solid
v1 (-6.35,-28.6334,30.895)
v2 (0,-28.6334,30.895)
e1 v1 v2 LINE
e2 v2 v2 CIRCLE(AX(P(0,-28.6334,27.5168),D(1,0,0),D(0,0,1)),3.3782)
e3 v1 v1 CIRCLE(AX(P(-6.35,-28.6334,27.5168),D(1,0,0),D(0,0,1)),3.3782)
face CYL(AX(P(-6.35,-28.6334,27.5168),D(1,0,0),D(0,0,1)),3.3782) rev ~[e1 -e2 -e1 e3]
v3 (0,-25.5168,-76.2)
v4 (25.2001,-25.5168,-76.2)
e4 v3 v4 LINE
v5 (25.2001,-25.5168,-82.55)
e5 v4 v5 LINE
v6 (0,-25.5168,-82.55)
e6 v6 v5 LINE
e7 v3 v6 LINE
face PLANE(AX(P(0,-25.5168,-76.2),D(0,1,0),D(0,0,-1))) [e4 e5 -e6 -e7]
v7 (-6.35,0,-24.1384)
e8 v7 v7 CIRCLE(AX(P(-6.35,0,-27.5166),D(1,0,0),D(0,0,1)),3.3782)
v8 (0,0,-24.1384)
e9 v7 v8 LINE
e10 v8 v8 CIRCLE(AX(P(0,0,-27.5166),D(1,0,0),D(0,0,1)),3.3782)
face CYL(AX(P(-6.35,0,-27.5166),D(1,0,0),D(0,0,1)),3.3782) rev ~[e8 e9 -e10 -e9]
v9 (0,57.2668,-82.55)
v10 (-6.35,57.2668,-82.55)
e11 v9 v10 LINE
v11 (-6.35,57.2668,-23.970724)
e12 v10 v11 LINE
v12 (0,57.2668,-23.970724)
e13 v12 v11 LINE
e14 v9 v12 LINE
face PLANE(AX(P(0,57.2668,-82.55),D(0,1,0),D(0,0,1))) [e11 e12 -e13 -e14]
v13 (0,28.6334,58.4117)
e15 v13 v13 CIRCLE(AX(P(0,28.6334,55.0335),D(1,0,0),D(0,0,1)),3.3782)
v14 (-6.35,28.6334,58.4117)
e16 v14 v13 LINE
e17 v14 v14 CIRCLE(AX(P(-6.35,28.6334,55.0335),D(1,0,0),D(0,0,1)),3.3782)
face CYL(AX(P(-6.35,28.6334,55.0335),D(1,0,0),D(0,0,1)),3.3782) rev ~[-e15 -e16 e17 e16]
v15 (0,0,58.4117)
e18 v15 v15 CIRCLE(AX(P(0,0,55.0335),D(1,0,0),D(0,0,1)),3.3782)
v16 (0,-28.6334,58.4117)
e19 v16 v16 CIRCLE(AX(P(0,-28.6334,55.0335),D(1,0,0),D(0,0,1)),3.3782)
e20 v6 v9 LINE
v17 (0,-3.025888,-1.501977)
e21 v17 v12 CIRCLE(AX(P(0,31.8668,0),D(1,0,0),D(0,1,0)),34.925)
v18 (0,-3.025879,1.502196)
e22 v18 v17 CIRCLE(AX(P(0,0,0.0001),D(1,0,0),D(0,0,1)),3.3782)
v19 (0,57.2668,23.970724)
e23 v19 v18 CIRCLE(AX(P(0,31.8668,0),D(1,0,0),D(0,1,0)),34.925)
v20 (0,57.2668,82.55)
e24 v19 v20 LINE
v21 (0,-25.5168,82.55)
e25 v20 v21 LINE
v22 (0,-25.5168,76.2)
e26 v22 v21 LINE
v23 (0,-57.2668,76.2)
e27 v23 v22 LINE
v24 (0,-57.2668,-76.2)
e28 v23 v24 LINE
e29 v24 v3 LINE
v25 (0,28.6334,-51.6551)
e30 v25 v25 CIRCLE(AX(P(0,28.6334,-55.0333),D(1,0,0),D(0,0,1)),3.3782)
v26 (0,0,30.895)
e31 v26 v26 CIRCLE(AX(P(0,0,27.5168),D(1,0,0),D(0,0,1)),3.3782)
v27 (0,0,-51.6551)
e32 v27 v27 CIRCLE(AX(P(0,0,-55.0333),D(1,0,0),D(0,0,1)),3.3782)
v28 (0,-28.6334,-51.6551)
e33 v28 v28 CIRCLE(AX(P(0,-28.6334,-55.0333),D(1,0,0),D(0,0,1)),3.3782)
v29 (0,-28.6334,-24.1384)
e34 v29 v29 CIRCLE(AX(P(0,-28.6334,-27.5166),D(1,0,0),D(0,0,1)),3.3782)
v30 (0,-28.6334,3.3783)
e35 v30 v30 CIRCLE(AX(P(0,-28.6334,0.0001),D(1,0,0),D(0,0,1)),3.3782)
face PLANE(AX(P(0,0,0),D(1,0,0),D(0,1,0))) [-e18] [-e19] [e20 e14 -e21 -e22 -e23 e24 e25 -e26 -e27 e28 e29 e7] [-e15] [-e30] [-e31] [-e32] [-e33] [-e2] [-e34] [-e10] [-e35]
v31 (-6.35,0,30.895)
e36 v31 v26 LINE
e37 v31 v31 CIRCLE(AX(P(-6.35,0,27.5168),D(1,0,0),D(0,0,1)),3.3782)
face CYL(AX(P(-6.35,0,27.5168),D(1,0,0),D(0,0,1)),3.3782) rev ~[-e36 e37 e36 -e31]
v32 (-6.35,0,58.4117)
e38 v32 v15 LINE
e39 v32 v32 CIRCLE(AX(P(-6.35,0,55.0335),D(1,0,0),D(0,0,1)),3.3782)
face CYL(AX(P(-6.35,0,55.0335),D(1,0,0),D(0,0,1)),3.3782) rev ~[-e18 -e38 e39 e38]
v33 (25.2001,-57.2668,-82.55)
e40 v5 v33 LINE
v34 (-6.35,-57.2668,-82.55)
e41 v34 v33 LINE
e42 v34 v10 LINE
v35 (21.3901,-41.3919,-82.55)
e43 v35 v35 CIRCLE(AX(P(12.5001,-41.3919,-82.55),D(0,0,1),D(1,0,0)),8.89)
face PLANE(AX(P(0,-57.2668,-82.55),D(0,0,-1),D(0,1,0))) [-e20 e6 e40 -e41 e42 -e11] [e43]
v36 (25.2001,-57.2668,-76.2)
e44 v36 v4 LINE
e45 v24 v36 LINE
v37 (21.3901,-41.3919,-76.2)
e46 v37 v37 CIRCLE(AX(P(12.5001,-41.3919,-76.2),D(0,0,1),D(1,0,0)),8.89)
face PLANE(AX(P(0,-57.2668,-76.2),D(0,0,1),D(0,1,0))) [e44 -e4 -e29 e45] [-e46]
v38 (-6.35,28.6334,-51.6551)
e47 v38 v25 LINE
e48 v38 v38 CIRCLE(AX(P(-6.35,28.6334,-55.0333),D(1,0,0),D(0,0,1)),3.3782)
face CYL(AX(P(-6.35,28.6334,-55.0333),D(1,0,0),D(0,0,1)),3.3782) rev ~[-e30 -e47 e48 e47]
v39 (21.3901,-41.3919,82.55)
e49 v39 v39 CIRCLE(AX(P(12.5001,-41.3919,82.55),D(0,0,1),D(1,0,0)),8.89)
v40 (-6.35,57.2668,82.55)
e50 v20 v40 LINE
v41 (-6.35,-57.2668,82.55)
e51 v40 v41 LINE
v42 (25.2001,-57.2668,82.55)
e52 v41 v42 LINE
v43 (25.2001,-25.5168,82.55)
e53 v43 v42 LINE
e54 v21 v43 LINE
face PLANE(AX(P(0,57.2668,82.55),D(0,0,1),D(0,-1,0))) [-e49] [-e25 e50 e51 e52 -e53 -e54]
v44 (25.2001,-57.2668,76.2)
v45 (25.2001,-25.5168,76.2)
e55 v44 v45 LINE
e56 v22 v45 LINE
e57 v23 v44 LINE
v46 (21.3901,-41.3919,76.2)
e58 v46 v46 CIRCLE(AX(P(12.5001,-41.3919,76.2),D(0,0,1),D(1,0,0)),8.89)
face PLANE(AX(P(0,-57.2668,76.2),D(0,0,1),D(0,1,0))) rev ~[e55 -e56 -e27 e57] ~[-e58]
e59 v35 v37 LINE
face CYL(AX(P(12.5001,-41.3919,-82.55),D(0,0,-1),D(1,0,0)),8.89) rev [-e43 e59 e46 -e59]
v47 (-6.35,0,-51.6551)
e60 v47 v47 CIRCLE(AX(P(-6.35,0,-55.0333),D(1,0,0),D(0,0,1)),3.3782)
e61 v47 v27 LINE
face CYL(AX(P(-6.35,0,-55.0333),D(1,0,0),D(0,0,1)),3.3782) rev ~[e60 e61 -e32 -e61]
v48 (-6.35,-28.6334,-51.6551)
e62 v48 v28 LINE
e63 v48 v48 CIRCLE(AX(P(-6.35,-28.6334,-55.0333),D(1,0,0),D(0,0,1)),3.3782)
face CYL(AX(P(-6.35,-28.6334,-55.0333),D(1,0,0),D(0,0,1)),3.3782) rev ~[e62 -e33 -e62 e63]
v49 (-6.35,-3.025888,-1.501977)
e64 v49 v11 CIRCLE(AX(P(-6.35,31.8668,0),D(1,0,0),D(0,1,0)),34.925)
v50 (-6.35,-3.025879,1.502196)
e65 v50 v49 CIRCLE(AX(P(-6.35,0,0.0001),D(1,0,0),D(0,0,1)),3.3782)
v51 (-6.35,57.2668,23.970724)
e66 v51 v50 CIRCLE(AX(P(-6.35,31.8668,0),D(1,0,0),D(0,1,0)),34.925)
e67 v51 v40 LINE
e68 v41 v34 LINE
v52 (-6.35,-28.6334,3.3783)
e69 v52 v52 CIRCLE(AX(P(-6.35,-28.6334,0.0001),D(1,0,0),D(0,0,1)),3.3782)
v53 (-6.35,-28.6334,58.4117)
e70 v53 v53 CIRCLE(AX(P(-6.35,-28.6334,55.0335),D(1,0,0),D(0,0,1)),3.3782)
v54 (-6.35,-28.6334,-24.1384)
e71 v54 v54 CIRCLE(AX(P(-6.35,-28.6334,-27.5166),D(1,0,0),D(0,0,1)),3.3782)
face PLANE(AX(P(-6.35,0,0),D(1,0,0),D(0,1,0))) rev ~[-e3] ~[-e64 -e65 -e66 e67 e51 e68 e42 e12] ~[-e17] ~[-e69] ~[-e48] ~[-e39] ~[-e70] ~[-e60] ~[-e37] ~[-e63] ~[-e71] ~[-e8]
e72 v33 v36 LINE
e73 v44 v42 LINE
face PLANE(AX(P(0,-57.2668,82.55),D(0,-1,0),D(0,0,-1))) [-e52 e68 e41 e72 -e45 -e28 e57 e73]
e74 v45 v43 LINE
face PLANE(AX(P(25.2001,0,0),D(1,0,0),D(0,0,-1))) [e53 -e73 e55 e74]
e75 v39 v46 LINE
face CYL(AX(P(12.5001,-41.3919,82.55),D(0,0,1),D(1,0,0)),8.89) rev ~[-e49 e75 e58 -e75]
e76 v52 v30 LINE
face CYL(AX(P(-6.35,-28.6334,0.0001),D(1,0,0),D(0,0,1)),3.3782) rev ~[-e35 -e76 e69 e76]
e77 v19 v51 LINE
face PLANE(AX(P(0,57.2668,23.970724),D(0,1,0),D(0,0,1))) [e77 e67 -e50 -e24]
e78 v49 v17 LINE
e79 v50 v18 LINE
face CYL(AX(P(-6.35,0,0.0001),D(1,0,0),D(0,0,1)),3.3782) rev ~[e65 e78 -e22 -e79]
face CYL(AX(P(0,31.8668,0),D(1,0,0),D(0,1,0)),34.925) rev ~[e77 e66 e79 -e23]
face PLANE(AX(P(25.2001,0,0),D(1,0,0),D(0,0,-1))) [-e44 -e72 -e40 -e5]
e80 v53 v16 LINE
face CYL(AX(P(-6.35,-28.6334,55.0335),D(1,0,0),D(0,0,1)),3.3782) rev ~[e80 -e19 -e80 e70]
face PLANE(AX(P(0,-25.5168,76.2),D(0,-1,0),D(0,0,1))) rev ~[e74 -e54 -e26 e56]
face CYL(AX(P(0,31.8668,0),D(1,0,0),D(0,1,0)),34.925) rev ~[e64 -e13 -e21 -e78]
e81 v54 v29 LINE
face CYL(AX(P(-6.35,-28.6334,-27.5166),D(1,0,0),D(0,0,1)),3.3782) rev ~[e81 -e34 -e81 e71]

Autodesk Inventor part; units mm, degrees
ref_plane "YZ Plane" through (0, 0, 0) normal (1, 0, 0) x (0, 1, 0)
ref_plane "XZ Plane" through (0, 0, 0) normal (0, 1, 0) x (-1, 0, 0)
ref_plane "XY Plane" through (0, 0, 0) normal (0, 0, 1) x (1, 0, 0)
sketch "Sketch1" plane through (0, 0, 0) normal (1, 0, 0) x (0, 1, 0)
  line L0 (-57.2668, 82.55) -> (-57.2668, -82.55)
  line L1 (-57.2668, -82.55) -> (57.2668, -82.55)
  line L2 (57.2668, -82.55) -> (57.2668, 82.55)
  line L3 (57.2668, 82.55) -> (-57.2668, 82.55)
  line L4 (-57.2668, 82.55) -> (57.2668, -82.55) construction
  line L5 (-57.2668, -82.55) -> (57.2668, 82.55) construction
  line L6 (57.2668, 0) -> (-57.2668, 0) construction
  circle A0 centre (31.8668, 0) radius 34.925
  line L7 (-31.8668, 82.55) -> (-31.8668, -82.55) construction
  point P0 (0, 0)
  point P1 (57.2668, -23.9707)
  point P2 (57.2668, 23.9707)
  dimension "d0" = 165.1
  dimension "d1" = 25.4
  dimension "d2" = 69.85
  dimension "d3" = 63.7337
  dimension "d4" = 25.4
extrude "Extrusion1" add sketch "Sketch1" against normal blind 6.35 contours L3 L2 A0 L1 L0
sketch "Sketch2" plane through (0, 0, 0) normal (1, 0, 0) x (0, 0, -1)
  line L0 (82.55, -57.2668) -> (-82.55, -57.2668) projected
  line L1 (-82.55, -57.2668) -> (-76.2, -57.2668)
  line L2 (-76.2, -57.2668) -> (-76.2, -25.5168)
  line L3 (-76.2, -25.5168) -> (-82.55, -25.5168)
  line L4 (-82.55, -25.5168) -> (-82.55, -57.2668)
  line L5 (82.55, -57.2668) -> (76.2, -57.2668)
  line L6 (76.2, -57.2668) -> (76.2, -25.5168)
  line L7 (76.2, -25.5168) -> (82.55, -25.5168)
  line L8 (82.55, -25.5168) -> (82.55, -57.2668)
  point P0 (0, 0)
  point P1 (76.2, -57.2668)
  dimension "d7" = 6.35
  dimension "d8" = 6.35
  dimension "d15" = 31.75
extrude "Extrusion2" add sketch "Sketch2" along normal blind 25.2001
sketch "Sketch4" plane through (-6.35, 57.2668, 82.55) normal (0, 0, 1) x (1, 0, 0)
  line L0 (31.5501, -82.7837) -> (31.5501, -114.5337) construction
  line L1 (31.5501, -98.6587) -> (0, -98.6587) construction
  line L2 (0, 0) -> (0, -114.5337) construction
  circle A0 centre (18.8501, -98.6587) radius 8.89
  point P0 (6.35, -57.2668)
  dimension "d11" = 18.8501
  dimension "d12" = 17.78
extrude "Extrusion3" cut sketch "Sketch4" against normal up to surface (6.35 mm away)
sketch "Sketch5" plane through (-6.35, 0, 0) normal (-1, 0, 0) x (0, 0, 1)
  line L0 (-82.55, 57.2668) -> (-82.55, -57.2668) projected
  line L1 (-82.55, -57.2668) -> (82.55, -57.2668) projected
  point P0 (0, 0)
  point P1 (-55.0333, -28.6334)
  dimension "d23" = 27.5167
  dimension "d24" = 28.6334
hole "Hole1" at (-6.35, -28.6334, -55.0333) direction (1, 0, 0) diameter 6.7564 end through all clearance for "Hex Head Bolt" size "1/4" standard "Ansi Unified Screw Threads"
pattern_linear "Rectangular Pattern1" count 3 spacing 28.6334 along (0, 1, 0) count 5 spacing 27.5167 along (0, 0, 1) of "Hole1"
mirror "Mirror2" about plane through (0, 0, 0) normal (0, 0, 1) of "Extrusion3"
equation "\"d0\" = forkWidth"
equation "\"d5\" = wallThickness"
equation "\"d7\" = wallThickness"
equation "\"d8\" = wallThickness"
equation "\"d9\" = centerWormGearAbovePlate + wallThickness"
equation "\"d11\" = centerWormGearAbovePlate"
equation "\"forkWidth\" = 165.1"
equation "\"centerGearToCenterWormGear\" = 73.25868"
equation "\"centerWormGearAbovePlate\" = 18.8501"
equation "\"wallThickness\" = 6.35"
equation "\"widthOfWorm\" = 38.1"
equation "\"holeFor3_8HexShaft\" = 12.7"
properties part number "plateForAzimuthKnobs"
